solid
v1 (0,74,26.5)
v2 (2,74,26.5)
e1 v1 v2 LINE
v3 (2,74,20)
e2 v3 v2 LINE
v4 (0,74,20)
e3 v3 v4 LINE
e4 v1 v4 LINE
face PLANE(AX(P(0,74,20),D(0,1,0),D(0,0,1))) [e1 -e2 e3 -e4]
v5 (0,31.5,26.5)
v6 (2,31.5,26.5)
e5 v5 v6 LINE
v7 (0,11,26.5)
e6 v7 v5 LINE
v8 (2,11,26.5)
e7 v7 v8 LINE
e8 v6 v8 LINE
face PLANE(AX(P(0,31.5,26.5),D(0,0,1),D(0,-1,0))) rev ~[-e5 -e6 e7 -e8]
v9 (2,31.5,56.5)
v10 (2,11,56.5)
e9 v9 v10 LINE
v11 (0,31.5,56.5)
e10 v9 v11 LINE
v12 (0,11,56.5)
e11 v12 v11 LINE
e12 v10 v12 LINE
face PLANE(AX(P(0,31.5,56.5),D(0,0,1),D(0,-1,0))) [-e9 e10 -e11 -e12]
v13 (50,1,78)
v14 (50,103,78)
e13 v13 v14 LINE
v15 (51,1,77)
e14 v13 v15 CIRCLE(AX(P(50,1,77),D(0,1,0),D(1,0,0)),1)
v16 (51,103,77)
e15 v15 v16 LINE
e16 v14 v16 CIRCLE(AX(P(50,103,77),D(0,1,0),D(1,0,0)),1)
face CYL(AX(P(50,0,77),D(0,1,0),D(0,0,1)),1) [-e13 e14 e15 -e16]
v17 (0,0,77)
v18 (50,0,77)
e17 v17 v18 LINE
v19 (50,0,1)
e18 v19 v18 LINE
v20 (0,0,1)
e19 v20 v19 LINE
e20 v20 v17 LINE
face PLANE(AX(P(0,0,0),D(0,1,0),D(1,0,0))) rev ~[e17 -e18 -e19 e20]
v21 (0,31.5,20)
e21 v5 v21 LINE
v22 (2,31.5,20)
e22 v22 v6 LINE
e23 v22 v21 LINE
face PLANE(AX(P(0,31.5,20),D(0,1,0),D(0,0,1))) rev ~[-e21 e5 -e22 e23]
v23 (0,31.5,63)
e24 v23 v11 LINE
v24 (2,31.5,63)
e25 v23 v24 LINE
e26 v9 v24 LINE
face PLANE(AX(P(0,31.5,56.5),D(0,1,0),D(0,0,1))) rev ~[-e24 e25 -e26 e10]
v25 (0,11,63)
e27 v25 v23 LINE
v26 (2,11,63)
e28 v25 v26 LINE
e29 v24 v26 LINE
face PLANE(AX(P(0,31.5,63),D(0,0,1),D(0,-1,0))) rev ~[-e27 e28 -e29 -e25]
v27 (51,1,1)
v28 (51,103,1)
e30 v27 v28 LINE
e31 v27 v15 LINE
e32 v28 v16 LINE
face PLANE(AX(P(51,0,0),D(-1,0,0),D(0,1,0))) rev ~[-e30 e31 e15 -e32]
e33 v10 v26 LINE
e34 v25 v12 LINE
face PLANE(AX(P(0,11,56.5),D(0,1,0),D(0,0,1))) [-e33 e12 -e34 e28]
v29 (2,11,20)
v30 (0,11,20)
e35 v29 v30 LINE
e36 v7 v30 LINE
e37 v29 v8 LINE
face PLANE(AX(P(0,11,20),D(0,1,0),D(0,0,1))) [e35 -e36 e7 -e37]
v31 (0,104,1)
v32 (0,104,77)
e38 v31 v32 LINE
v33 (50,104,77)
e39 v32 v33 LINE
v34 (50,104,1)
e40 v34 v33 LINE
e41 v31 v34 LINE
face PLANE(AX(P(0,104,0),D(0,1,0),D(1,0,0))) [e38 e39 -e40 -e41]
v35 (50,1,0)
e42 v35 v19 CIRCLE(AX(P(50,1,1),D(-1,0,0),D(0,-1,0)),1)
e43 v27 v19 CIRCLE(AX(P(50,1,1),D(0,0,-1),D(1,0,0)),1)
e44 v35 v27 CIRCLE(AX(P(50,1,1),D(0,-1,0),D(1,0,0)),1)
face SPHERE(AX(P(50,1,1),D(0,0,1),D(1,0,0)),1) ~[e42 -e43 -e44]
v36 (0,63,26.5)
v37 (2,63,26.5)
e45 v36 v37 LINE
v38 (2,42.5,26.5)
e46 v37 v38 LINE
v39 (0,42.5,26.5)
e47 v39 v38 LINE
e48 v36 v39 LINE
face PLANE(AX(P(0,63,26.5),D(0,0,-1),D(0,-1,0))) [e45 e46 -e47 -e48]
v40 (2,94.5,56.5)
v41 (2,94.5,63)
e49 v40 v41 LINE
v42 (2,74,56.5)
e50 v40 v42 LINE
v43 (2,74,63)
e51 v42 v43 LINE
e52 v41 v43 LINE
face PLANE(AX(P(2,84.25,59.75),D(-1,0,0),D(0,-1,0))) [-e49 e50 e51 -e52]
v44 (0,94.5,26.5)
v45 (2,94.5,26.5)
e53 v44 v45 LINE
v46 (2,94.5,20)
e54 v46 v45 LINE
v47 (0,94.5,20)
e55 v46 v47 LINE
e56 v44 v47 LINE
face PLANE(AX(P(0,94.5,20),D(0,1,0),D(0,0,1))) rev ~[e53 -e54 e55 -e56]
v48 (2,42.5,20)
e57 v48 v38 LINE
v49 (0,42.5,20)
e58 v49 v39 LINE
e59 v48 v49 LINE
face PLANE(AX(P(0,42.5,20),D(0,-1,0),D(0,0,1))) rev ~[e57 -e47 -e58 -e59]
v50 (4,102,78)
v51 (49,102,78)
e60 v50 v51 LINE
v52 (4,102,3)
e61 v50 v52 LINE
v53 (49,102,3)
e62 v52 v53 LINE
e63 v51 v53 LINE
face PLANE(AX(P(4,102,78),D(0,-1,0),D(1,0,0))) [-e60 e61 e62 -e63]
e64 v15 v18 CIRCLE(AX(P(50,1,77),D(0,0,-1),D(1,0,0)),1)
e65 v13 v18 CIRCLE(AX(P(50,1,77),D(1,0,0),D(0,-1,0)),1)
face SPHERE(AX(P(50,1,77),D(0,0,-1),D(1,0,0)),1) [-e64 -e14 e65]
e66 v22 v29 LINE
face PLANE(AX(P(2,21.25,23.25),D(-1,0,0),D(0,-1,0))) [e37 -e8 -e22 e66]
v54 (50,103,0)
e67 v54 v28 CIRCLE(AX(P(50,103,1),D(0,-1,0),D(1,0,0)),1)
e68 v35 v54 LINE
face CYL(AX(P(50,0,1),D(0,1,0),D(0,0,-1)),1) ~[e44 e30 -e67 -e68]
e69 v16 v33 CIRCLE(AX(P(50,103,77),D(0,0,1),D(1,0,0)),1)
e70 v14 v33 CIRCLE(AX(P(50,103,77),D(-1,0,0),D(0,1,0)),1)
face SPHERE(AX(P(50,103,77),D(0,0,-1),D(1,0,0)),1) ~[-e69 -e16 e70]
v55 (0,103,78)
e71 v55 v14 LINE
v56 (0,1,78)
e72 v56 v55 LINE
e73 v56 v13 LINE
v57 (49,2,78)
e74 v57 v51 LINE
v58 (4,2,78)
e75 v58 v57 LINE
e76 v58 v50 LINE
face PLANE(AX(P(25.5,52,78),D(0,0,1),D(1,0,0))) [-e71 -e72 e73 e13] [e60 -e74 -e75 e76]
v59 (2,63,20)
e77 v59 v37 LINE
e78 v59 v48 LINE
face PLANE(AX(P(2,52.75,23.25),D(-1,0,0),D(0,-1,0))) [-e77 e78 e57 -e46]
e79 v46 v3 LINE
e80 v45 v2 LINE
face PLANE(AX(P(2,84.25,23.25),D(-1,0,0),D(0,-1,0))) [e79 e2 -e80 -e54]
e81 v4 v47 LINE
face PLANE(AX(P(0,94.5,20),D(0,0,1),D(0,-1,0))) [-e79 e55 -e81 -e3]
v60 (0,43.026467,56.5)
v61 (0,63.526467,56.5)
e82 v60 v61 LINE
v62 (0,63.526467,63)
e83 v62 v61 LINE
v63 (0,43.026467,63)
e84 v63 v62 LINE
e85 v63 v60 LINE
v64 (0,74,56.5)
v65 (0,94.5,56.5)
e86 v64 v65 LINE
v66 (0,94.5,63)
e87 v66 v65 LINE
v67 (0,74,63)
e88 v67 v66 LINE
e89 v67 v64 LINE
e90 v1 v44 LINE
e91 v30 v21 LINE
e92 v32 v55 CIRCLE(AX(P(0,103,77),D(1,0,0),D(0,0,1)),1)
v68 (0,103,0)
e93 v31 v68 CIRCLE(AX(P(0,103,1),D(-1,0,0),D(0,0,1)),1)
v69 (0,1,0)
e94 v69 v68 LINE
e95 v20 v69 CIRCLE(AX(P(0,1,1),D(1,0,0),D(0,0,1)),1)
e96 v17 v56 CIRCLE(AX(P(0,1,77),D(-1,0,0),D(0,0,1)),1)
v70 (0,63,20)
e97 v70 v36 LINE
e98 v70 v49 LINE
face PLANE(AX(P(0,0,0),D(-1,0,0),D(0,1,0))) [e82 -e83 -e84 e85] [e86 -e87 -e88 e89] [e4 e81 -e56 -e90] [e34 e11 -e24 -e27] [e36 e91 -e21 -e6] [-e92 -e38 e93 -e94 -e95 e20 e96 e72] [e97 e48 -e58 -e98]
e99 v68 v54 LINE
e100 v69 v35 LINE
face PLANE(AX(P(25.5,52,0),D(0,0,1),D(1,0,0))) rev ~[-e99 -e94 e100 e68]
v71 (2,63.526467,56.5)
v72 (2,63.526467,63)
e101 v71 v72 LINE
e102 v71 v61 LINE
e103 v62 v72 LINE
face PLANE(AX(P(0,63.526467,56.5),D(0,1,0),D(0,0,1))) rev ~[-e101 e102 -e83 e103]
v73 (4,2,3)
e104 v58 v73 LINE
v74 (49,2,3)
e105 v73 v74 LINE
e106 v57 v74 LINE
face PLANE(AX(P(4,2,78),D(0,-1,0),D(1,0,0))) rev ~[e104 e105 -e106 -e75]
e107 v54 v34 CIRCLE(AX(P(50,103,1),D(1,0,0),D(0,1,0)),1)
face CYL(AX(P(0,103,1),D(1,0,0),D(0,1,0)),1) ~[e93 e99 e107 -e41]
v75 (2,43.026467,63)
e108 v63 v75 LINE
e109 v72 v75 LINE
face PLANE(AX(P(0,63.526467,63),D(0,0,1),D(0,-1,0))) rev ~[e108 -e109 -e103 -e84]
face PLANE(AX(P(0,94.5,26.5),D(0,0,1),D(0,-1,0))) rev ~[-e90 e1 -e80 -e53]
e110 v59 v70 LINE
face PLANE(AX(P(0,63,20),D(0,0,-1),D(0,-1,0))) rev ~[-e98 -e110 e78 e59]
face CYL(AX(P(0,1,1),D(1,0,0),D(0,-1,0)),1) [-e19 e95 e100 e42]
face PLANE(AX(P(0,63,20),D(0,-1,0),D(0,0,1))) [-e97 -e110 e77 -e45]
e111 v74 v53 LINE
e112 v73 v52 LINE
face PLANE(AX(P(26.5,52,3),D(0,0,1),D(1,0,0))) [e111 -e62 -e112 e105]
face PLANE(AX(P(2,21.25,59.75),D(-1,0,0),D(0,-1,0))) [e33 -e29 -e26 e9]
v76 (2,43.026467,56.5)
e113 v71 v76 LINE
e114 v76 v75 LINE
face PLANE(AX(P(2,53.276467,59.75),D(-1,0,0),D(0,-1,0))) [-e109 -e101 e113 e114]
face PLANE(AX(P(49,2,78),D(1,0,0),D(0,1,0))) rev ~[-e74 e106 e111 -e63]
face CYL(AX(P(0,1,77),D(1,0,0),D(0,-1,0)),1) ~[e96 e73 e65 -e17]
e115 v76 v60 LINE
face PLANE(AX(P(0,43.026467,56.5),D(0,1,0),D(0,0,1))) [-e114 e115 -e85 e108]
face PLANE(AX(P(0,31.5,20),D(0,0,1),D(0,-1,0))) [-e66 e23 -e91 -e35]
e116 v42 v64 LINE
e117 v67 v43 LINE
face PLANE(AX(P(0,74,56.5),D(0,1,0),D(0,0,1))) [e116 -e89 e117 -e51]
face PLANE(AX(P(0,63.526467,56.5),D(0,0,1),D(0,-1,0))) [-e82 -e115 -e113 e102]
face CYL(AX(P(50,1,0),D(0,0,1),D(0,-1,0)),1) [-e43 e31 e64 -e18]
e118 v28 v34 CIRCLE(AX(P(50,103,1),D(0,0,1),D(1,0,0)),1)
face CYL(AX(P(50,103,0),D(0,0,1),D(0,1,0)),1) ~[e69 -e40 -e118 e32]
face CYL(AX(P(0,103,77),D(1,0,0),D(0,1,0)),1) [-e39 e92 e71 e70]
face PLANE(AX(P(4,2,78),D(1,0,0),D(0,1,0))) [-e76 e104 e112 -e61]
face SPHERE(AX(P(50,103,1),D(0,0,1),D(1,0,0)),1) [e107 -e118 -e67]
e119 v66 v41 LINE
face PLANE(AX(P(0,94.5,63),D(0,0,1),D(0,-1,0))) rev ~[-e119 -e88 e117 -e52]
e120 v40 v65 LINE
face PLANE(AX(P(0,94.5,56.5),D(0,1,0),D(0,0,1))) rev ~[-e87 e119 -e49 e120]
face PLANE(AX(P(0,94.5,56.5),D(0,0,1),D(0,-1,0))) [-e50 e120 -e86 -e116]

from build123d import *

# Parameters (mm, degrees)
SKETCH_W        = 51
SKETCH_H        = 104
PAD_DEPTH       = 78
SKETCH001_W     = 45
SKETCH001_H     = 100
POCKET_DEPTH    = 75
FILLET_R        = 1
SKETCH002_W     = 20.5
SKETCH002_H     = 6.5
POCKET001_DEPTH = 2


with BuildPart() as part:
    # Sketch → Pad (new body)
    with BuildSketch(Plane.XY):
        with Locations((25.5, 52)):
            Rectangle(SKETCH_W, SKETCH_H)
    extrude(amount=PAD_DEPTH)

    # Sketch001 (on Face6 of Pad) → Pocket (cut)
    with BuildSketch(Plane.XY.offset(78)):
        with Locations((26.5, 52)):
            Rectangle(SKETCH001_W, SKETCH001_H)
    extrude(amount=-POCKET_DEPTH, mode=Mode.SUBTRACT)

    # Fillet
    fillet_edges = [part.edges().sort_by_distance(p)[0] for p in [
        (51, 0, 39),
        (51, 104, 39),
        (51, 52, 0),
        (25.5, 0, 0),
        (51, 52, 78),
        (25.5, 0, 78),
        (25.5, 104, 78),
        (25.5, 104, 0),
    ]]
    fillet(fillet_edges, radius=FILLET_R)

    # Sketch002 (on Face2 of Fillet) → Pocket001 (cut, symmetric)
    with BuildSketch(Plane(origin=(0, 0, 0), x_dir=(0, -1, 0), z_dir=(-1, 0, 0))):
        with Locations((-84.25, 59.75)):
            Rectangle(SKETCH002_W, SKETCH002_H)
        with Locations((-84.25, 23.25)):
            Rectangle(SKETCH002_W, SKETCH002_H)
        with Locations((-21.25, 59.75)):
            Rectangle(SKETCH002_W, SKETCH002_H)
        with Locations((-21.25, 23.25)):
            Rectangle(SKETCH002_W, SKETCH002_H)
        with Locations((-53.276467, 59.75)):
            Rectangle(SKETCH002_W, SKETCH002_H)
        with Locations((-52.75, 23.25)):
            Rectangle(SKETCH002_W, SKETCH002_H)
    extrude(amount=POCKET001_DEPTH, both=True, mode=Mode.SUBTRACT)


solid = part.part
